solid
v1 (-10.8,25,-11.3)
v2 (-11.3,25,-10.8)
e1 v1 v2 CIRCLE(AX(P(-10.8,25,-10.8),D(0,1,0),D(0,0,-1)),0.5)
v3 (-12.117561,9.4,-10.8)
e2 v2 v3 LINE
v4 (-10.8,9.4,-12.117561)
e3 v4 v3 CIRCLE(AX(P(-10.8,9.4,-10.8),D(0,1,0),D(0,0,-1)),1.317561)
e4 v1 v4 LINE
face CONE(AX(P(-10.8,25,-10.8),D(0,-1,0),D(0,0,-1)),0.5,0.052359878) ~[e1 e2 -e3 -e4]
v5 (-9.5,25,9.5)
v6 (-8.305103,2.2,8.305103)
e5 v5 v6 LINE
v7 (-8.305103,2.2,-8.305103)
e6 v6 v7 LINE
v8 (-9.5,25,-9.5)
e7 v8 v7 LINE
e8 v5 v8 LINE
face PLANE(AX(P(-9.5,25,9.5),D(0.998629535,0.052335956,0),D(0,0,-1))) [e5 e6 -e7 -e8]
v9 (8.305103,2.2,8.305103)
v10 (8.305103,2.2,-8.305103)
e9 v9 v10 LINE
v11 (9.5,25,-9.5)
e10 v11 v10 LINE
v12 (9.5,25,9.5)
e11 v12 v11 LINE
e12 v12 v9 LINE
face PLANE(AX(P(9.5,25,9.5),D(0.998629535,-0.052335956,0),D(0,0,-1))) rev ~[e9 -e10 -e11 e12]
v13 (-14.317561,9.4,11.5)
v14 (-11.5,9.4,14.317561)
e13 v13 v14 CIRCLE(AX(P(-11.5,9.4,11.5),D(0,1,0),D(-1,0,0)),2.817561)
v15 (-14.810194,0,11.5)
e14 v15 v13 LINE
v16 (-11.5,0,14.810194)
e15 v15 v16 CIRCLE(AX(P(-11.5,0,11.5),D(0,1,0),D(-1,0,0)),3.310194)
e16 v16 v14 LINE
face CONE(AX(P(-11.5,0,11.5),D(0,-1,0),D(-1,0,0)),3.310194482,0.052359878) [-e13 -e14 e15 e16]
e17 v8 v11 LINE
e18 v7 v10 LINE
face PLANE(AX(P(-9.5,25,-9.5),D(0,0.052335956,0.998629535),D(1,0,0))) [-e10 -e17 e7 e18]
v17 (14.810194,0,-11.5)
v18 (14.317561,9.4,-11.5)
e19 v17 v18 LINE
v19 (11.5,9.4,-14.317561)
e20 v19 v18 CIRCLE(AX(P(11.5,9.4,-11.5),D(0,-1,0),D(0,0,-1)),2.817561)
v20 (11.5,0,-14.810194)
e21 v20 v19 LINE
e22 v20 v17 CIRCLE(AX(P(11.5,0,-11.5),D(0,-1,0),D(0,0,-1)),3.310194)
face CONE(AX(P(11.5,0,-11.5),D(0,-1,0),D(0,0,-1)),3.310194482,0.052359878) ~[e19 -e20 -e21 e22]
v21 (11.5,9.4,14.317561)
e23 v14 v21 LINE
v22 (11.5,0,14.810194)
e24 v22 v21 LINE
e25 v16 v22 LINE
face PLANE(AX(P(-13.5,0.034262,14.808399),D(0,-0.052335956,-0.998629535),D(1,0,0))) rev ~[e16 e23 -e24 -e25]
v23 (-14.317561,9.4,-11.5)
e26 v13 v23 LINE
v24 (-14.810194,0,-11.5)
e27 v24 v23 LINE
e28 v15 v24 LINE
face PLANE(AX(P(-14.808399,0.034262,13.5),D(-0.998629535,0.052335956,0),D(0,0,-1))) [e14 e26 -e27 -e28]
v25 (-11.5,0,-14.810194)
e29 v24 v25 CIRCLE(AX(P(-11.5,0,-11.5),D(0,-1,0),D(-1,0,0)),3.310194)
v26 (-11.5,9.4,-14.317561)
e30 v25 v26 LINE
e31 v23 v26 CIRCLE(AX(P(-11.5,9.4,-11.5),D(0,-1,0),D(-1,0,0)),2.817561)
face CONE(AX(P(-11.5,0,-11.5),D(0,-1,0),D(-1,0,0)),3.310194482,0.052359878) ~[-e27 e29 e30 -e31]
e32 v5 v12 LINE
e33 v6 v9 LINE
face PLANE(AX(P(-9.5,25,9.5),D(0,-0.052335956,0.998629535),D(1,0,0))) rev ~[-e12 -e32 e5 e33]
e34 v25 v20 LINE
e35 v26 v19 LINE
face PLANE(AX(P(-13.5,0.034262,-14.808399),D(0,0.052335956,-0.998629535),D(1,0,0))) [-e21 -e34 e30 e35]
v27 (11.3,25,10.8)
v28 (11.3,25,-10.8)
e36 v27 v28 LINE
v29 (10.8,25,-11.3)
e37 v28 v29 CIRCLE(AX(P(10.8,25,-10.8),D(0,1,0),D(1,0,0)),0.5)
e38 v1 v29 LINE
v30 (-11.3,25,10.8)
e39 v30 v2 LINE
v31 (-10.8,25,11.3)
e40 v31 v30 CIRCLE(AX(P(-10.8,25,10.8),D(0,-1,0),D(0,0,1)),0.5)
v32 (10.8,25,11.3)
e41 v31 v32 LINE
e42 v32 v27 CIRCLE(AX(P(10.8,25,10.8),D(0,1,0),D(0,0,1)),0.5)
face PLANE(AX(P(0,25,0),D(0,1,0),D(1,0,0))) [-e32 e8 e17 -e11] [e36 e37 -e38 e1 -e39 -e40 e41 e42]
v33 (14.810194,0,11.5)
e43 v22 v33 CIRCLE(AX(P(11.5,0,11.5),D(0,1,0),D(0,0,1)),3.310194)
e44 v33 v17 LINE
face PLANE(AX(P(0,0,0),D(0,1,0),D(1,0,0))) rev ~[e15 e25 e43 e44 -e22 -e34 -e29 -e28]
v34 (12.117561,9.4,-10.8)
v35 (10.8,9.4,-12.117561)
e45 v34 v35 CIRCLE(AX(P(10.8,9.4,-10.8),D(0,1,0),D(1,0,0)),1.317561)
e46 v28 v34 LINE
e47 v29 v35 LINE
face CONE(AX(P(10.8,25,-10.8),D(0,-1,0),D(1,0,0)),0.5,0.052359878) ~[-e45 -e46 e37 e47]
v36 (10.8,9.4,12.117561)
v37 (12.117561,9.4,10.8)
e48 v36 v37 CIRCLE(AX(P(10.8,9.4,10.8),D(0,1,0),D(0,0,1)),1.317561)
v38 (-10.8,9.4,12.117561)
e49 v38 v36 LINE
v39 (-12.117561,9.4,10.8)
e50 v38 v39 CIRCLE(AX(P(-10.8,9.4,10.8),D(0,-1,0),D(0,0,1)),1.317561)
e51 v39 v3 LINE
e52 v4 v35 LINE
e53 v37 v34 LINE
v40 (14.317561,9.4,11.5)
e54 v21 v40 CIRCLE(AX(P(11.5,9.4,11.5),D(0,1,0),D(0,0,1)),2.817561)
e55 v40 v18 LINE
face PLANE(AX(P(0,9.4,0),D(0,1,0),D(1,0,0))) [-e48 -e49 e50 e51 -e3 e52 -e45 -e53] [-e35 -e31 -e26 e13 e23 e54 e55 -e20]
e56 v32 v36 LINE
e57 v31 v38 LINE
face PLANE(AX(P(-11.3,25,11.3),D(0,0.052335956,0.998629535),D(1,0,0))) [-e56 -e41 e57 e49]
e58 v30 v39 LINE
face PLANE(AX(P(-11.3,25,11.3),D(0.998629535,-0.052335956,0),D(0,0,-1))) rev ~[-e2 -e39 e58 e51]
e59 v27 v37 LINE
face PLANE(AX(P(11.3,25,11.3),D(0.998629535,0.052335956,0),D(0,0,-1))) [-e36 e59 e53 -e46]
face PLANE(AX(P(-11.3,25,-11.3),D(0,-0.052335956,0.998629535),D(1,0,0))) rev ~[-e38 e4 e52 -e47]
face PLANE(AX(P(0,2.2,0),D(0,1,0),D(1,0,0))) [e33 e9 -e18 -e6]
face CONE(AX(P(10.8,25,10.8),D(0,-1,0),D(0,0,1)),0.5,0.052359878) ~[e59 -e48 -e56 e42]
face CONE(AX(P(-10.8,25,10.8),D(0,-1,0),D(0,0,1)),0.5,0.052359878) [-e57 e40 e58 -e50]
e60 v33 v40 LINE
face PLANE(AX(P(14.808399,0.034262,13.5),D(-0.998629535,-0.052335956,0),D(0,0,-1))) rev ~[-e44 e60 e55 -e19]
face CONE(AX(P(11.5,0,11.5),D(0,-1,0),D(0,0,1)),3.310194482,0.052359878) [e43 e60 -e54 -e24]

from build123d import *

# Parameters (mm, degrees)
SKETCH1_W           = 27
SKETCH1_H           = 27
BOSS_EXTRUDE1_DEPTH = 25
SKETCH2_W           = 27
SKETCH2_H           = 27
SKETCH2_W_2         = 22.6
SKETCH2_H_2         = 22.6
CUT_EXTRUDE1_DEPTH  = 15.6
SKETCH3_W           = 19
SKETCH3_H           = 19
CUT_EXTRUDE2_DEPTH  = 22.8
FILLET1_R           = 0.5
FILLET2_R           = 2
DRAFT12_ANGLE       = 3


with BuildPart() as part:
    # Sketch1 → Boss-Extrude1 (new body)
    with BuildSketch(Plane(origin=(0, 0, 0), x_dir=(1, 0, 0), z_dir=(0, 1, 0))):
        Rectangle(SKETCH1_W, SKETCH1_H)
    extrude(amount=BOSS_EXTRUDE1_DEPTH)

    # Sketch2 → Cut-Extrude1 (cut)
    with BuildSketch(Plane(origin=(0, 25, 0), x_dir=(1, 0, 0), z_dir=(0, 1, 0))):
        Rectangle(SKETCH2_W, SKETCH2_H)
        Rectangle(SKETCH2_W_2, SKETCH2_H_2, mode=Mode.SUBTRACT)
    extrude(amount=-CUT_EXTRUDE1_DEPTH, mode=Mode.SUBTRACT)

    # Sketch3 → Cut-Extrude2 (cut)
    with BuildSketch(Plane(origin=(0, 25, 0), x_dir=(1, 0, 0), z_dir=(0, 1, 0))):
        Rectangle(SKETCH3_W, SKETCH3_H)
    extrude(amount=-CUT_EXTRUDE2_DEPTH, mode=Mode.SUBTRACT)

    # Fillet1
    fillet1_edges = [part.edges().sort_by_distance(p)[0] for p in [
        (-11.3, 17.2, 11.3),
        (-11.3, 17.2, -11.3),
        (11.3, 17.2, -11.3),
        (11.3, 17.2, 11.3),
    ]]
    fillet(fillet1_edges, radius=FILLET1_R)

    # Fillet2
    fillet2_edges = [part.edges().sort_by_distance(p)[0] for p in [
        (-13.5, 4.7, -13.5),
        (13.5, 4.7, -13.5),
        (13.5, 4.7, 13.5),
        (-13.5, 4.7, 13.5),
    ]]
    fillet(fillet2_edges, radius=FILLET2_R)

    # Draft12
    draft12_faces = [part.faces().sort_by_distance(p)[0] for p in [
        (13.5, 4.7, 0),
        (9.5, 13.6, 0),
        (0, 13.6, 9.5),
        (-9.5, 13.6, 0),
        (0, 13.6, -9.5),
        (-11.153553391, 17.2, -11.153553391),
        (-12.914213562, 4.7, -12.914213562),
        (-13.5, 4.7, 0),
        (-11.3, 17.2, 0),
        (-11.153553391, 17.2, 11.153553391),
        (-12.914213562, 4.7, 12.914213562),
        (0, 4.7, 13.5),
        (12.914213562, 4.7, 12.914213562),
        (11.153553391, 17.2, 11.153553391),
        (0, 17.2, 11.3),
        (11.3, 17.2, 0),
        (11.153553391, 17.2, -11.153553391),
        (0, 17.2, -11.3),
        (0, 4.7, -13.5),
        (12.914213562, 4.7, -12.914213562),
    ]]
    draft(draft12_faces, Plane.ZX.offset(25), DRAFT12_ANGLE)


solid = part.part
